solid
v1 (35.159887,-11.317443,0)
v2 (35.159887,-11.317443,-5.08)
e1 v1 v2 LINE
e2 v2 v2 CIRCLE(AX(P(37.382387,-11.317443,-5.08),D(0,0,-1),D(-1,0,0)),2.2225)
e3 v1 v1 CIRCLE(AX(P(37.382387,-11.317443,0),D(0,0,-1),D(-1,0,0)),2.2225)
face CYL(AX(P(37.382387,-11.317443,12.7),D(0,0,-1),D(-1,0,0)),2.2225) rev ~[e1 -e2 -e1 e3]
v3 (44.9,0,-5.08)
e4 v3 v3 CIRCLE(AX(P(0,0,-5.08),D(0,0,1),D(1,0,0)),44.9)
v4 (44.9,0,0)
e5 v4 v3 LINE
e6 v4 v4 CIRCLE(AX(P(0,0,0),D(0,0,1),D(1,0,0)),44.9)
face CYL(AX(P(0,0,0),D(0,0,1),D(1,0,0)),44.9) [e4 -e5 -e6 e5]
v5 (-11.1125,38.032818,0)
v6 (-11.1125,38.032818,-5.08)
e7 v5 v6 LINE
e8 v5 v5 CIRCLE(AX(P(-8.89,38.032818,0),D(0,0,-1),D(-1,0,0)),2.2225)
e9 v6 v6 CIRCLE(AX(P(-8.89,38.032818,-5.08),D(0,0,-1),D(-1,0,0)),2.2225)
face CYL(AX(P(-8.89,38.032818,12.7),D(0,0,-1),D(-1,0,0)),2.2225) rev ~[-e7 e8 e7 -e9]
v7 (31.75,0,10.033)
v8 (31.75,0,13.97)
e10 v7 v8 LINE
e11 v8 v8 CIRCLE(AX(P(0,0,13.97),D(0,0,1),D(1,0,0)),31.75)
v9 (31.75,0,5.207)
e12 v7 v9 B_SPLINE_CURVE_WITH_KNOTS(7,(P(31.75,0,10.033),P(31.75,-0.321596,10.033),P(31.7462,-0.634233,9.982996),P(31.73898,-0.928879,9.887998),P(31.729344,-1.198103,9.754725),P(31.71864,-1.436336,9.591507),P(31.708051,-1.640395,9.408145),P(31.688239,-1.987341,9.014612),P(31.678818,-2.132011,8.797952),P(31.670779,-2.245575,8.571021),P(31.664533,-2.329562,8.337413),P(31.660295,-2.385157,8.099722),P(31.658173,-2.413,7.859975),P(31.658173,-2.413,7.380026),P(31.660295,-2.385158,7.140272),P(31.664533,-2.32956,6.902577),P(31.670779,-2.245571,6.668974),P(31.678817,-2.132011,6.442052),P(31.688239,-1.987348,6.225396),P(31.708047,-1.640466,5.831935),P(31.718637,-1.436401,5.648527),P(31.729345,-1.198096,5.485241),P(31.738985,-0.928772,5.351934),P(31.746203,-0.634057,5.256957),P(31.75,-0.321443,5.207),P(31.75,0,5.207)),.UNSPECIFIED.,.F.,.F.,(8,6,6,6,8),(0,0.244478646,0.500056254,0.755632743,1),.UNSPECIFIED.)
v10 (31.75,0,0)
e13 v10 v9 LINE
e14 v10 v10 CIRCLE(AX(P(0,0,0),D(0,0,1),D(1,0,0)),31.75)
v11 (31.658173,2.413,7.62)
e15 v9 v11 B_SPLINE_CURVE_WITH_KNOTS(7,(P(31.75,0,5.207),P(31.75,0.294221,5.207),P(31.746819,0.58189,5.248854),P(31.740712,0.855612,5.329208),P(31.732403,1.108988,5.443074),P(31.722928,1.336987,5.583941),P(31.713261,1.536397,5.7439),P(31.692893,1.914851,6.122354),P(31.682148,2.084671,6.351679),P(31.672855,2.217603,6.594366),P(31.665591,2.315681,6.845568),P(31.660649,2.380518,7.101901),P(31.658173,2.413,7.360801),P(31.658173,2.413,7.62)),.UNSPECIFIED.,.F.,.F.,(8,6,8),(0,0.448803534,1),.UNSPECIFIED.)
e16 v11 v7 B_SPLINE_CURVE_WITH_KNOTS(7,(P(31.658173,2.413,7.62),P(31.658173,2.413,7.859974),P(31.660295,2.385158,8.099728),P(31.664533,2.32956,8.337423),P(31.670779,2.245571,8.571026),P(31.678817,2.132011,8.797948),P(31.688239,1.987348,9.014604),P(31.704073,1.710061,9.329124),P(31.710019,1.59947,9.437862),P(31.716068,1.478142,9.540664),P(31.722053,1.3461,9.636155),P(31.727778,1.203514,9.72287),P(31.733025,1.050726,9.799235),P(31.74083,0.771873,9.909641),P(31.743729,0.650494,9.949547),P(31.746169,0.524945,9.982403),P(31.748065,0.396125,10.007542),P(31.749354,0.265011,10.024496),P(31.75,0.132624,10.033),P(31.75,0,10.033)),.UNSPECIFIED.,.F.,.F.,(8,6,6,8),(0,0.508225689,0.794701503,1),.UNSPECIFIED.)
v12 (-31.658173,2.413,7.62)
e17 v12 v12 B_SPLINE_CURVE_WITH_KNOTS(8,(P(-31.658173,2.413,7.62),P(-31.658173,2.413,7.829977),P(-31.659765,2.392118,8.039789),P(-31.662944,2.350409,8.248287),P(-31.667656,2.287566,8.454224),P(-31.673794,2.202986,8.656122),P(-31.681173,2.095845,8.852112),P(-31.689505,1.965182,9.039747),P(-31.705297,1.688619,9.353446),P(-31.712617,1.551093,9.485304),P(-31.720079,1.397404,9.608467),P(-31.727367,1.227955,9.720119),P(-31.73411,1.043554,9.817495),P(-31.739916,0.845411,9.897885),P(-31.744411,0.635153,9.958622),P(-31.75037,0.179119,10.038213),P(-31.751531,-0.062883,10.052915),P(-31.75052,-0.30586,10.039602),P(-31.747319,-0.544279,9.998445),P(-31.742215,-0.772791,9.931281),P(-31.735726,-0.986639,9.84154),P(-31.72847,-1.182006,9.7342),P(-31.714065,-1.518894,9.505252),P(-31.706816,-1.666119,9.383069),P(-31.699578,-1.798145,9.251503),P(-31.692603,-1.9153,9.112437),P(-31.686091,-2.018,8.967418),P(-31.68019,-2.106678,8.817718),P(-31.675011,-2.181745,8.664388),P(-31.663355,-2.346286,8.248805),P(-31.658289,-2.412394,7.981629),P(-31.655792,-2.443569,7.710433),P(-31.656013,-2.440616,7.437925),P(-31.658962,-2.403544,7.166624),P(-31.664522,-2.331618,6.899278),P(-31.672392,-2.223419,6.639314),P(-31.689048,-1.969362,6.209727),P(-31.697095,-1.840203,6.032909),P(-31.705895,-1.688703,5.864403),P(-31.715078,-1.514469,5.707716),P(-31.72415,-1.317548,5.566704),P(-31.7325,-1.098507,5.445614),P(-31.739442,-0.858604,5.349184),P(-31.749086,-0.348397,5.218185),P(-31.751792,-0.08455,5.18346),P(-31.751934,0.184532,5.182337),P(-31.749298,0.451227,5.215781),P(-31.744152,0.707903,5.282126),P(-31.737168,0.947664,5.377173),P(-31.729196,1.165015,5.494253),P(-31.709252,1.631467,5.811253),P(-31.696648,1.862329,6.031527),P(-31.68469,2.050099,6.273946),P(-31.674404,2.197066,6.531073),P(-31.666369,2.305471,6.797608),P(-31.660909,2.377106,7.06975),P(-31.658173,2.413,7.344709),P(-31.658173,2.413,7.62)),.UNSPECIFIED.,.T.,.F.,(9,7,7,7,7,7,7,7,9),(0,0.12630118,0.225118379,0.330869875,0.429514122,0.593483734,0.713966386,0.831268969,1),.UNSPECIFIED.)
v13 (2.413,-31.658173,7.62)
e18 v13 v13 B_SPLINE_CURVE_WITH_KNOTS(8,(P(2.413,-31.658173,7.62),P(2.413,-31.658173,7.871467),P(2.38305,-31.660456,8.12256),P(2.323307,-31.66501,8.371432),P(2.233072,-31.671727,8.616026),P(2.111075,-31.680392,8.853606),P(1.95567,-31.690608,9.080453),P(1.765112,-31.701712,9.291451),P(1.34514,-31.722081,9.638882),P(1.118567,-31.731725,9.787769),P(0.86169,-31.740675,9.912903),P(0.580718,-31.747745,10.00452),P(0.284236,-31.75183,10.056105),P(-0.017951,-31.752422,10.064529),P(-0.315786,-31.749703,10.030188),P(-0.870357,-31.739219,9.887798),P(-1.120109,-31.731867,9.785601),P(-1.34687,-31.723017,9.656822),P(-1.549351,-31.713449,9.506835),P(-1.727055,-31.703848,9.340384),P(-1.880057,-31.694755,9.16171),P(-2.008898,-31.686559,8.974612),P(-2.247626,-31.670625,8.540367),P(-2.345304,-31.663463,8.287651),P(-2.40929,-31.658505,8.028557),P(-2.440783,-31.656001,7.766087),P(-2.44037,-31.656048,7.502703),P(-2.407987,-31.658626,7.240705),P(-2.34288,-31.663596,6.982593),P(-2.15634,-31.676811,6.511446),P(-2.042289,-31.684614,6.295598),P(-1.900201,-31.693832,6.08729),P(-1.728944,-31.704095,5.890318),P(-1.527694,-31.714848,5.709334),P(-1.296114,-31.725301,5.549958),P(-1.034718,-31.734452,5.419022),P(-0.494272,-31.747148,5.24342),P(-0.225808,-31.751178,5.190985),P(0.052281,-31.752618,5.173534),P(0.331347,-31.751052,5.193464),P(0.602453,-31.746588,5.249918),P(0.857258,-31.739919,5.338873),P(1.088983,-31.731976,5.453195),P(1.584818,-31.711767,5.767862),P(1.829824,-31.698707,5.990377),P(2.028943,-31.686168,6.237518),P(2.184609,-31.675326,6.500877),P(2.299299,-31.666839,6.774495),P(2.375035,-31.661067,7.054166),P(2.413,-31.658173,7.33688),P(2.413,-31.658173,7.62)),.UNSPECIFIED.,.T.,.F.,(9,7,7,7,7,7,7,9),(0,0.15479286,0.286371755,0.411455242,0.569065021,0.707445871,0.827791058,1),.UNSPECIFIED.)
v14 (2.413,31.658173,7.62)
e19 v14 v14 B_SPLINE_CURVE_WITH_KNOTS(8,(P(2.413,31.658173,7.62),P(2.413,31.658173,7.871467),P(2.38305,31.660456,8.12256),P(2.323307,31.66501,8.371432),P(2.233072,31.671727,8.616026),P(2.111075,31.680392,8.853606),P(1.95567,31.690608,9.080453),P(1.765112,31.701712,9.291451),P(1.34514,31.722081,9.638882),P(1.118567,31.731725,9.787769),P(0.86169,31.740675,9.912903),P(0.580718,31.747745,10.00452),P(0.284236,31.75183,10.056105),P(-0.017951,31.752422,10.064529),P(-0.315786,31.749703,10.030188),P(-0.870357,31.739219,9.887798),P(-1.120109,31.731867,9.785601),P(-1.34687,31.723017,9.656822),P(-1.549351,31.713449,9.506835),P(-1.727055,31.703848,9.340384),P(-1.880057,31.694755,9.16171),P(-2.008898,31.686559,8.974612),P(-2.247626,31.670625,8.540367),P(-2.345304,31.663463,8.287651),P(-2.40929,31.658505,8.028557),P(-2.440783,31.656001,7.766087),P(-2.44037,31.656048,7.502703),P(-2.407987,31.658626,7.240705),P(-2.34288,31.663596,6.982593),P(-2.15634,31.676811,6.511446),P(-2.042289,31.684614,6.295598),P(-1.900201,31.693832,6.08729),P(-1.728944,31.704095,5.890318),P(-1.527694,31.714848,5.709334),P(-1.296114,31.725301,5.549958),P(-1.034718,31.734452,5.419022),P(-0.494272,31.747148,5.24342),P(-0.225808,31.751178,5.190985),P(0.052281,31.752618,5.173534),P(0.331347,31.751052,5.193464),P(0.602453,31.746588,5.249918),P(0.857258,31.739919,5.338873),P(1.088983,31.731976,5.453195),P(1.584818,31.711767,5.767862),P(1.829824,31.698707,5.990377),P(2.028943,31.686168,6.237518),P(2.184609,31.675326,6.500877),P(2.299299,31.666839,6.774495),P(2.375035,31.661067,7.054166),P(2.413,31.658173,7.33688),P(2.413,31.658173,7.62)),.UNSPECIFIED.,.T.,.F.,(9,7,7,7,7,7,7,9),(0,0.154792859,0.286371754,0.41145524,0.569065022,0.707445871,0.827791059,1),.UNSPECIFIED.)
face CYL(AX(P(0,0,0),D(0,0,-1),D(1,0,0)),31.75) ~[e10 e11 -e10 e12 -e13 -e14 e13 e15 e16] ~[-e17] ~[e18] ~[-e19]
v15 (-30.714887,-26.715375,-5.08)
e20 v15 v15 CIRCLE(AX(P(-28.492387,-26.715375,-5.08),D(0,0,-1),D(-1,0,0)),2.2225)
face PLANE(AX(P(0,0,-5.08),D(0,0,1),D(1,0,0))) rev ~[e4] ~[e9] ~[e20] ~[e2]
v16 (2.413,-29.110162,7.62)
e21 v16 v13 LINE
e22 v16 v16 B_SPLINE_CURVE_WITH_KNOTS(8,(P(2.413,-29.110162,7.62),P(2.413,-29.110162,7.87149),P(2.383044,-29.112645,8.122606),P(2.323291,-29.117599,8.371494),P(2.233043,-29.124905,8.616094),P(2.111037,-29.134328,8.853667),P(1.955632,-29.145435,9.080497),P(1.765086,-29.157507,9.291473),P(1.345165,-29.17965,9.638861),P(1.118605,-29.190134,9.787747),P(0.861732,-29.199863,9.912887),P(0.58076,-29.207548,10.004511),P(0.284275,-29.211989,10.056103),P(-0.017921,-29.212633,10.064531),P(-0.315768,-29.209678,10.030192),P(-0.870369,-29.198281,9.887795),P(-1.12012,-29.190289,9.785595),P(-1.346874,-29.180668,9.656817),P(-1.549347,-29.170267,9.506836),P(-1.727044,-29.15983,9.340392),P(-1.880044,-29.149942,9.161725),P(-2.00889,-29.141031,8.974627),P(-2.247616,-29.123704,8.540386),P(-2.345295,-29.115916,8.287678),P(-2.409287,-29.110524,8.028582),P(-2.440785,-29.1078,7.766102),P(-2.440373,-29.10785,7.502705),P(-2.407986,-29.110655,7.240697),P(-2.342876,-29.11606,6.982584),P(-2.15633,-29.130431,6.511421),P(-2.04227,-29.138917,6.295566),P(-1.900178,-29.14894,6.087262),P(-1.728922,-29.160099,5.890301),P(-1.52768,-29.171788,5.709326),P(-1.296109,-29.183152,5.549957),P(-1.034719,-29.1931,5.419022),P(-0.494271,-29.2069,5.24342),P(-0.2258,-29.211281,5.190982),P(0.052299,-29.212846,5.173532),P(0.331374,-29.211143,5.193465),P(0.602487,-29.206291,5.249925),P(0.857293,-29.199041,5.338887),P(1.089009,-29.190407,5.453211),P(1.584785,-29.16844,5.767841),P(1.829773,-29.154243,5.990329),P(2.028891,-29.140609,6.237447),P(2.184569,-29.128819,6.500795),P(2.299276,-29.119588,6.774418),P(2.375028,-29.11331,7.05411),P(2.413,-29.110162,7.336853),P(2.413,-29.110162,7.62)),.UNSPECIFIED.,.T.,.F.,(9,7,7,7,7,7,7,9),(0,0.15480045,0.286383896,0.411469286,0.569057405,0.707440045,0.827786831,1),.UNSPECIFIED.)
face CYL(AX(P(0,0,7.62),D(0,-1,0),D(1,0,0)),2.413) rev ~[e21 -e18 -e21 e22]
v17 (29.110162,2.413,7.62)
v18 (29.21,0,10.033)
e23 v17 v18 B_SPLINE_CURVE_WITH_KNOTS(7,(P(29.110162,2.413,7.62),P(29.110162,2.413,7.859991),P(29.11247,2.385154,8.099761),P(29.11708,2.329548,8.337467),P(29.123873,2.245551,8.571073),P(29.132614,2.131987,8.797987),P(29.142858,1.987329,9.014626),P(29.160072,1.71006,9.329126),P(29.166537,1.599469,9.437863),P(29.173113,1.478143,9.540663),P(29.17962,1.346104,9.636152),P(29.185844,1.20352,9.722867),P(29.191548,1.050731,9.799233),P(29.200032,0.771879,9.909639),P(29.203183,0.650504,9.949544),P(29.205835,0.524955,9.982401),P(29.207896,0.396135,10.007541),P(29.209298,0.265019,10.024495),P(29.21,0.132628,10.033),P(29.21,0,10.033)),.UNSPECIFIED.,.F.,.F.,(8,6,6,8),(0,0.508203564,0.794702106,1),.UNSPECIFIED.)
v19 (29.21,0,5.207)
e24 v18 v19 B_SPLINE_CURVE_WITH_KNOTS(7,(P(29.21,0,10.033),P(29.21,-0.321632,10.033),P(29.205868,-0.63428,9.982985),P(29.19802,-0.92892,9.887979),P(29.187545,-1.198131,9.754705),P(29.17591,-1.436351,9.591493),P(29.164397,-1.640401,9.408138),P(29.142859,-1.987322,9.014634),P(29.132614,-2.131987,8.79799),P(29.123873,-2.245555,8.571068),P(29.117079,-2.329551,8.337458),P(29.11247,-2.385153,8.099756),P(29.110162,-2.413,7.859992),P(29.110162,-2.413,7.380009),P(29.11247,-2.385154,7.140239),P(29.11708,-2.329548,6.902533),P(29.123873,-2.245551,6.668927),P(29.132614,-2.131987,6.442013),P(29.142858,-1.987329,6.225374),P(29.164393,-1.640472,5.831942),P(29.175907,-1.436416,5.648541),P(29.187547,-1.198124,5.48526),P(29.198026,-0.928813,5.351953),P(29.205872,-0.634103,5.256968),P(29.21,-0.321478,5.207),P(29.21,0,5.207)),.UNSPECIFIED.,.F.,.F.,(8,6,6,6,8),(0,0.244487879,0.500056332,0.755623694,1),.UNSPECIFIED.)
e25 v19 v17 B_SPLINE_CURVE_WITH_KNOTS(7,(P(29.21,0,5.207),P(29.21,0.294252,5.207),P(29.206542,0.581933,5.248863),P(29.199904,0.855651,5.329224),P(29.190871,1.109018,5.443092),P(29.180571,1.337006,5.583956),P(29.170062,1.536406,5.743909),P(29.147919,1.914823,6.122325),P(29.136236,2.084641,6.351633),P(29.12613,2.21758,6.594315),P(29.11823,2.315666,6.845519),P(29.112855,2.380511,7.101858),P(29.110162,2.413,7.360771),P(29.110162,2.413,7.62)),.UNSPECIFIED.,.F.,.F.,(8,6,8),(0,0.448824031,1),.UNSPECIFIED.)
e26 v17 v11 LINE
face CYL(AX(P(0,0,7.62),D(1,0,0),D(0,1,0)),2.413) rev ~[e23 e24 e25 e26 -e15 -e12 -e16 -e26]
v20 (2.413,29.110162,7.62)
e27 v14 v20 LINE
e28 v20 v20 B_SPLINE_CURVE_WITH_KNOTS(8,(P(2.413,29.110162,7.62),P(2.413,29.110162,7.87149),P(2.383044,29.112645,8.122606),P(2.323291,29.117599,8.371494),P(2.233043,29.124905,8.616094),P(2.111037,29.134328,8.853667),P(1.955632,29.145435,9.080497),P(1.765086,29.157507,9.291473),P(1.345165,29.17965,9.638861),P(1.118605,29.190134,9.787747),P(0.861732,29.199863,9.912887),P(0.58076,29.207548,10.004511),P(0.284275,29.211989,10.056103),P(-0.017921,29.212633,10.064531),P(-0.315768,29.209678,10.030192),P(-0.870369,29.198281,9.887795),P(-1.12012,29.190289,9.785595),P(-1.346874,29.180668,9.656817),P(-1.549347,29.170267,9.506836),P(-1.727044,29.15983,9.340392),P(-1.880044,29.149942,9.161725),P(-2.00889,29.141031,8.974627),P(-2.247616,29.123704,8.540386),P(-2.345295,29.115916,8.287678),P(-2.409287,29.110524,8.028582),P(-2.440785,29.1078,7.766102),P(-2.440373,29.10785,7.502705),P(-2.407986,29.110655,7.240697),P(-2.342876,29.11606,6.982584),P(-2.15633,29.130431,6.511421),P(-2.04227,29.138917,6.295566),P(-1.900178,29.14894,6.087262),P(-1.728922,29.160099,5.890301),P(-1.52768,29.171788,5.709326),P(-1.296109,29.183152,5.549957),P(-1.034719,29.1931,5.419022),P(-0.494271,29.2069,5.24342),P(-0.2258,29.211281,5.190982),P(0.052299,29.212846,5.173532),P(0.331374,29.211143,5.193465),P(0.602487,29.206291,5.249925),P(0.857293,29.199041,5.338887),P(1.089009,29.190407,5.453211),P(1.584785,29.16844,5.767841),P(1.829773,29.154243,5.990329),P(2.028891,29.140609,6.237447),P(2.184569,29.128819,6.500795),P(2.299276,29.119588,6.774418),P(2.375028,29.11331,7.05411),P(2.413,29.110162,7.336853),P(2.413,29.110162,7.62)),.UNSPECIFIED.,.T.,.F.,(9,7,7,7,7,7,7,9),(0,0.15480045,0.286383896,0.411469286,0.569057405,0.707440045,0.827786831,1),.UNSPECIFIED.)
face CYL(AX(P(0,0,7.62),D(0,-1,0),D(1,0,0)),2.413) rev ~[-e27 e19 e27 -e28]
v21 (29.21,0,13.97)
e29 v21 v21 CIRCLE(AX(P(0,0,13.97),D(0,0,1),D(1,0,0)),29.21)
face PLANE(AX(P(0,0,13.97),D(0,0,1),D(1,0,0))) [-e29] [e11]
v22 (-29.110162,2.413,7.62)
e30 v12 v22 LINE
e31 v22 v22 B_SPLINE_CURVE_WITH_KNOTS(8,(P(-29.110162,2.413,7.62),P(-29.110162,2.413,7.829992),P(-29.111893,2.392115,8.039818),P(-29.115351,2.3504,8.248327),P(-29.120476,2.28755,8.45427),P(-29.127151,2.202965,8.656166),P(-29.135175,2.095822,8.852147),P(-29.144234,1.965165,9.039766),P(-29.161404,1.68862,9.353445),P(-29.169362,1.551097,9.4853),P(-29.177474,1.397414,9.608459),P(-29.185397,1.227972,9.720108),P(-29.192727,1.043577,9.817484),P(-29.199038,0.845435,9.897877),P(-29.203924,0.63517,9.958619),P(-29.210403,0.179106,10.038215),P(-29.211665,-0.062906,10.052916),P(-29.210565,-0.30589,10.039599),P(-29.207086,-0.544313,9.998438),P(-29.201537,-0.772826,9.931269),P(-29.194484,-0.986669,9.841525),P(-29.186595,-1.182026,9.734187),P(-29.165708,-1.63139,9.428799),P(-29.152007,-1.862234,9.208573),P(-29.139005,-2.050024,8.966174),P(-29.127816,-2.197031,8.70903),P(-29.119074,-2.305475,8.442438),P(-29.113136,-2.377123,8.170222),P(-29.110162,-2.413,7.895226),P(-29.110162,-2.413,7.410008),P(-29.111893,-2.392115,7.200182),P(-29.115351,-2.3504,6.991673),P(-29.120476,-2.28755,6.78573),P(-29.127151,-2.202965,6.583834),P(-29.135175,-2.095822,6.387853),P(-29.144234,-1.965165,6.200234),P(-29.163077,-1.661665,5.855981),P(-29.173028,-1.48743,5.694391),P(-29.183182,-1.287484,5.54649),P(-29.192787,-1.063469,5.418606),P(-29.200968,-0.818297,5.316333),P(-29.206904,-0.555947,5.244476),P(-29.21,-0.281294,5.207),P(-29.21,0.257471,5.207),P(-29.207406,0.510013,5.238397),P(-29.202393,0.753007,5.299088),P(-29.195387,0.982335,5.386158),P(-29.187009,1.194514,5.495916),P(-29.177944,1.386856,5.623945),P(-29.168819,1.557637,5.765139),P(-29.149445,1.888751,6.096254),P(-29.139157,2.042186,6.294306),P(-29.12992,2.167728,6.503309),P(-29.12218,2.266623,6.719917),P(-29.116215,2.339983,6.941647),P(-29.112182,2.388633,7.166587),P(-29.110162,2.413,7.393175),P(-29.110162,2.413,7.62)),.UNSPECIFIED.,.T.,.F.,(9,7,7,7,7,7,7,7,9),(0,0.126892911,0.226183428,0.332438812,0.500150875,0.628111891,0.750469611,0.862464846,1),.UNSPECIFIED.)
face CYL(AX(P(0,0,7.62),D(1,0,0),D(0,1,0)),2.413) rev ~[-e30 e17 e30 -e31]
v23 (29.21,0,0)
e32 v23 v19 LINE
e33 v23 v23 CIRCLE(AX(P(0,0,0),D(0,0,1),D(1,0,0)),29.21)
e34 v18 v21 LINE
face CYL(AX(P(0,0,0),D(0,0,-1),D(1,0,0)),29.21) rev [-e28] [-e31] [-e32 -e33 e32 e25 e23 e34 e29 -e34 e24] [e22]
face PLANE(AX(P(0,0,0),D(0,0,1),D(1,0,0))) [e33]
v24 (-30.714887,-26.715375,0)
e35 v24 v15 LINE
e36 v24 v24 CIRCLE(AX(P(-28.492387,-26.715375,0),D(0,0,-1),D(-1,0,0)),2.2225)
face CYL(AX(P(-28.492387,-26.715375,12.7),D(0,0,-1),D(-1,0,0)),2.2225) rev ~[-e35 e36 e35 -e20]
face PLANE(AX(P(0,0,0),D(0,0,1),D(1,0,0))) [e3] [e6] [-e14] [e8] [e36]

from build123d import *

# Parameters (mm, degrees)
F0_R      = 31.75
F0_R_2    = 29.21
F1_DEPTH  = 13.97
F4_R      = 44.9
F5_DEPTH  = 5.08
F6_R      = 2.413
F7_DEPTH  = 38.1
F9_D      = 4.445
F9_DEPTH  = 12.7
F10_R     = 2.413
F11_DEPTH = 50.8


with BuildPart() as f1:
    # F0 (on Top) → F1 (new body)
    with BuildSketch(Plane.XY):
        Circle(F0_R)
        Circle(F0_R_2, mode=Mode.SUBTRACT)
    extrude(amount=F1_DEPTH)

    # F4 (on Top) → F5 (join)
    with BuildSketch(Plane.XY):
        Circle(F4_R)
    extrude(amount=-F5_DEPTH)

    # F6 (on Front) → F7 (cut, symmetric)
    with BuildSketch(Plane.XZ):
        with Locations((0, 7.62)):
            Circle(F6_R)
    extrude(amount=F7_DEPTH, both=True, mode=Mode.SUBTRACT)

    # F9
    with Locations(Plane.XY):
        with Locations((-8.89, 38.032818), (-28.492387, -26.715375), (37.382387, -11.317443)):
            Hole(F9_D / 2, depth=F9_DEPTH)

    # F10 (on Right) → F11 (cut, symmetric)
    with BuildSketch(Plane.YZ):
        with Locations((0, 7.62)):
            Circle(F10_R)
    extrude(amount=F11_DEPTH, both=True, mode=Mode.SUBTRACT)


solid = f1.part
